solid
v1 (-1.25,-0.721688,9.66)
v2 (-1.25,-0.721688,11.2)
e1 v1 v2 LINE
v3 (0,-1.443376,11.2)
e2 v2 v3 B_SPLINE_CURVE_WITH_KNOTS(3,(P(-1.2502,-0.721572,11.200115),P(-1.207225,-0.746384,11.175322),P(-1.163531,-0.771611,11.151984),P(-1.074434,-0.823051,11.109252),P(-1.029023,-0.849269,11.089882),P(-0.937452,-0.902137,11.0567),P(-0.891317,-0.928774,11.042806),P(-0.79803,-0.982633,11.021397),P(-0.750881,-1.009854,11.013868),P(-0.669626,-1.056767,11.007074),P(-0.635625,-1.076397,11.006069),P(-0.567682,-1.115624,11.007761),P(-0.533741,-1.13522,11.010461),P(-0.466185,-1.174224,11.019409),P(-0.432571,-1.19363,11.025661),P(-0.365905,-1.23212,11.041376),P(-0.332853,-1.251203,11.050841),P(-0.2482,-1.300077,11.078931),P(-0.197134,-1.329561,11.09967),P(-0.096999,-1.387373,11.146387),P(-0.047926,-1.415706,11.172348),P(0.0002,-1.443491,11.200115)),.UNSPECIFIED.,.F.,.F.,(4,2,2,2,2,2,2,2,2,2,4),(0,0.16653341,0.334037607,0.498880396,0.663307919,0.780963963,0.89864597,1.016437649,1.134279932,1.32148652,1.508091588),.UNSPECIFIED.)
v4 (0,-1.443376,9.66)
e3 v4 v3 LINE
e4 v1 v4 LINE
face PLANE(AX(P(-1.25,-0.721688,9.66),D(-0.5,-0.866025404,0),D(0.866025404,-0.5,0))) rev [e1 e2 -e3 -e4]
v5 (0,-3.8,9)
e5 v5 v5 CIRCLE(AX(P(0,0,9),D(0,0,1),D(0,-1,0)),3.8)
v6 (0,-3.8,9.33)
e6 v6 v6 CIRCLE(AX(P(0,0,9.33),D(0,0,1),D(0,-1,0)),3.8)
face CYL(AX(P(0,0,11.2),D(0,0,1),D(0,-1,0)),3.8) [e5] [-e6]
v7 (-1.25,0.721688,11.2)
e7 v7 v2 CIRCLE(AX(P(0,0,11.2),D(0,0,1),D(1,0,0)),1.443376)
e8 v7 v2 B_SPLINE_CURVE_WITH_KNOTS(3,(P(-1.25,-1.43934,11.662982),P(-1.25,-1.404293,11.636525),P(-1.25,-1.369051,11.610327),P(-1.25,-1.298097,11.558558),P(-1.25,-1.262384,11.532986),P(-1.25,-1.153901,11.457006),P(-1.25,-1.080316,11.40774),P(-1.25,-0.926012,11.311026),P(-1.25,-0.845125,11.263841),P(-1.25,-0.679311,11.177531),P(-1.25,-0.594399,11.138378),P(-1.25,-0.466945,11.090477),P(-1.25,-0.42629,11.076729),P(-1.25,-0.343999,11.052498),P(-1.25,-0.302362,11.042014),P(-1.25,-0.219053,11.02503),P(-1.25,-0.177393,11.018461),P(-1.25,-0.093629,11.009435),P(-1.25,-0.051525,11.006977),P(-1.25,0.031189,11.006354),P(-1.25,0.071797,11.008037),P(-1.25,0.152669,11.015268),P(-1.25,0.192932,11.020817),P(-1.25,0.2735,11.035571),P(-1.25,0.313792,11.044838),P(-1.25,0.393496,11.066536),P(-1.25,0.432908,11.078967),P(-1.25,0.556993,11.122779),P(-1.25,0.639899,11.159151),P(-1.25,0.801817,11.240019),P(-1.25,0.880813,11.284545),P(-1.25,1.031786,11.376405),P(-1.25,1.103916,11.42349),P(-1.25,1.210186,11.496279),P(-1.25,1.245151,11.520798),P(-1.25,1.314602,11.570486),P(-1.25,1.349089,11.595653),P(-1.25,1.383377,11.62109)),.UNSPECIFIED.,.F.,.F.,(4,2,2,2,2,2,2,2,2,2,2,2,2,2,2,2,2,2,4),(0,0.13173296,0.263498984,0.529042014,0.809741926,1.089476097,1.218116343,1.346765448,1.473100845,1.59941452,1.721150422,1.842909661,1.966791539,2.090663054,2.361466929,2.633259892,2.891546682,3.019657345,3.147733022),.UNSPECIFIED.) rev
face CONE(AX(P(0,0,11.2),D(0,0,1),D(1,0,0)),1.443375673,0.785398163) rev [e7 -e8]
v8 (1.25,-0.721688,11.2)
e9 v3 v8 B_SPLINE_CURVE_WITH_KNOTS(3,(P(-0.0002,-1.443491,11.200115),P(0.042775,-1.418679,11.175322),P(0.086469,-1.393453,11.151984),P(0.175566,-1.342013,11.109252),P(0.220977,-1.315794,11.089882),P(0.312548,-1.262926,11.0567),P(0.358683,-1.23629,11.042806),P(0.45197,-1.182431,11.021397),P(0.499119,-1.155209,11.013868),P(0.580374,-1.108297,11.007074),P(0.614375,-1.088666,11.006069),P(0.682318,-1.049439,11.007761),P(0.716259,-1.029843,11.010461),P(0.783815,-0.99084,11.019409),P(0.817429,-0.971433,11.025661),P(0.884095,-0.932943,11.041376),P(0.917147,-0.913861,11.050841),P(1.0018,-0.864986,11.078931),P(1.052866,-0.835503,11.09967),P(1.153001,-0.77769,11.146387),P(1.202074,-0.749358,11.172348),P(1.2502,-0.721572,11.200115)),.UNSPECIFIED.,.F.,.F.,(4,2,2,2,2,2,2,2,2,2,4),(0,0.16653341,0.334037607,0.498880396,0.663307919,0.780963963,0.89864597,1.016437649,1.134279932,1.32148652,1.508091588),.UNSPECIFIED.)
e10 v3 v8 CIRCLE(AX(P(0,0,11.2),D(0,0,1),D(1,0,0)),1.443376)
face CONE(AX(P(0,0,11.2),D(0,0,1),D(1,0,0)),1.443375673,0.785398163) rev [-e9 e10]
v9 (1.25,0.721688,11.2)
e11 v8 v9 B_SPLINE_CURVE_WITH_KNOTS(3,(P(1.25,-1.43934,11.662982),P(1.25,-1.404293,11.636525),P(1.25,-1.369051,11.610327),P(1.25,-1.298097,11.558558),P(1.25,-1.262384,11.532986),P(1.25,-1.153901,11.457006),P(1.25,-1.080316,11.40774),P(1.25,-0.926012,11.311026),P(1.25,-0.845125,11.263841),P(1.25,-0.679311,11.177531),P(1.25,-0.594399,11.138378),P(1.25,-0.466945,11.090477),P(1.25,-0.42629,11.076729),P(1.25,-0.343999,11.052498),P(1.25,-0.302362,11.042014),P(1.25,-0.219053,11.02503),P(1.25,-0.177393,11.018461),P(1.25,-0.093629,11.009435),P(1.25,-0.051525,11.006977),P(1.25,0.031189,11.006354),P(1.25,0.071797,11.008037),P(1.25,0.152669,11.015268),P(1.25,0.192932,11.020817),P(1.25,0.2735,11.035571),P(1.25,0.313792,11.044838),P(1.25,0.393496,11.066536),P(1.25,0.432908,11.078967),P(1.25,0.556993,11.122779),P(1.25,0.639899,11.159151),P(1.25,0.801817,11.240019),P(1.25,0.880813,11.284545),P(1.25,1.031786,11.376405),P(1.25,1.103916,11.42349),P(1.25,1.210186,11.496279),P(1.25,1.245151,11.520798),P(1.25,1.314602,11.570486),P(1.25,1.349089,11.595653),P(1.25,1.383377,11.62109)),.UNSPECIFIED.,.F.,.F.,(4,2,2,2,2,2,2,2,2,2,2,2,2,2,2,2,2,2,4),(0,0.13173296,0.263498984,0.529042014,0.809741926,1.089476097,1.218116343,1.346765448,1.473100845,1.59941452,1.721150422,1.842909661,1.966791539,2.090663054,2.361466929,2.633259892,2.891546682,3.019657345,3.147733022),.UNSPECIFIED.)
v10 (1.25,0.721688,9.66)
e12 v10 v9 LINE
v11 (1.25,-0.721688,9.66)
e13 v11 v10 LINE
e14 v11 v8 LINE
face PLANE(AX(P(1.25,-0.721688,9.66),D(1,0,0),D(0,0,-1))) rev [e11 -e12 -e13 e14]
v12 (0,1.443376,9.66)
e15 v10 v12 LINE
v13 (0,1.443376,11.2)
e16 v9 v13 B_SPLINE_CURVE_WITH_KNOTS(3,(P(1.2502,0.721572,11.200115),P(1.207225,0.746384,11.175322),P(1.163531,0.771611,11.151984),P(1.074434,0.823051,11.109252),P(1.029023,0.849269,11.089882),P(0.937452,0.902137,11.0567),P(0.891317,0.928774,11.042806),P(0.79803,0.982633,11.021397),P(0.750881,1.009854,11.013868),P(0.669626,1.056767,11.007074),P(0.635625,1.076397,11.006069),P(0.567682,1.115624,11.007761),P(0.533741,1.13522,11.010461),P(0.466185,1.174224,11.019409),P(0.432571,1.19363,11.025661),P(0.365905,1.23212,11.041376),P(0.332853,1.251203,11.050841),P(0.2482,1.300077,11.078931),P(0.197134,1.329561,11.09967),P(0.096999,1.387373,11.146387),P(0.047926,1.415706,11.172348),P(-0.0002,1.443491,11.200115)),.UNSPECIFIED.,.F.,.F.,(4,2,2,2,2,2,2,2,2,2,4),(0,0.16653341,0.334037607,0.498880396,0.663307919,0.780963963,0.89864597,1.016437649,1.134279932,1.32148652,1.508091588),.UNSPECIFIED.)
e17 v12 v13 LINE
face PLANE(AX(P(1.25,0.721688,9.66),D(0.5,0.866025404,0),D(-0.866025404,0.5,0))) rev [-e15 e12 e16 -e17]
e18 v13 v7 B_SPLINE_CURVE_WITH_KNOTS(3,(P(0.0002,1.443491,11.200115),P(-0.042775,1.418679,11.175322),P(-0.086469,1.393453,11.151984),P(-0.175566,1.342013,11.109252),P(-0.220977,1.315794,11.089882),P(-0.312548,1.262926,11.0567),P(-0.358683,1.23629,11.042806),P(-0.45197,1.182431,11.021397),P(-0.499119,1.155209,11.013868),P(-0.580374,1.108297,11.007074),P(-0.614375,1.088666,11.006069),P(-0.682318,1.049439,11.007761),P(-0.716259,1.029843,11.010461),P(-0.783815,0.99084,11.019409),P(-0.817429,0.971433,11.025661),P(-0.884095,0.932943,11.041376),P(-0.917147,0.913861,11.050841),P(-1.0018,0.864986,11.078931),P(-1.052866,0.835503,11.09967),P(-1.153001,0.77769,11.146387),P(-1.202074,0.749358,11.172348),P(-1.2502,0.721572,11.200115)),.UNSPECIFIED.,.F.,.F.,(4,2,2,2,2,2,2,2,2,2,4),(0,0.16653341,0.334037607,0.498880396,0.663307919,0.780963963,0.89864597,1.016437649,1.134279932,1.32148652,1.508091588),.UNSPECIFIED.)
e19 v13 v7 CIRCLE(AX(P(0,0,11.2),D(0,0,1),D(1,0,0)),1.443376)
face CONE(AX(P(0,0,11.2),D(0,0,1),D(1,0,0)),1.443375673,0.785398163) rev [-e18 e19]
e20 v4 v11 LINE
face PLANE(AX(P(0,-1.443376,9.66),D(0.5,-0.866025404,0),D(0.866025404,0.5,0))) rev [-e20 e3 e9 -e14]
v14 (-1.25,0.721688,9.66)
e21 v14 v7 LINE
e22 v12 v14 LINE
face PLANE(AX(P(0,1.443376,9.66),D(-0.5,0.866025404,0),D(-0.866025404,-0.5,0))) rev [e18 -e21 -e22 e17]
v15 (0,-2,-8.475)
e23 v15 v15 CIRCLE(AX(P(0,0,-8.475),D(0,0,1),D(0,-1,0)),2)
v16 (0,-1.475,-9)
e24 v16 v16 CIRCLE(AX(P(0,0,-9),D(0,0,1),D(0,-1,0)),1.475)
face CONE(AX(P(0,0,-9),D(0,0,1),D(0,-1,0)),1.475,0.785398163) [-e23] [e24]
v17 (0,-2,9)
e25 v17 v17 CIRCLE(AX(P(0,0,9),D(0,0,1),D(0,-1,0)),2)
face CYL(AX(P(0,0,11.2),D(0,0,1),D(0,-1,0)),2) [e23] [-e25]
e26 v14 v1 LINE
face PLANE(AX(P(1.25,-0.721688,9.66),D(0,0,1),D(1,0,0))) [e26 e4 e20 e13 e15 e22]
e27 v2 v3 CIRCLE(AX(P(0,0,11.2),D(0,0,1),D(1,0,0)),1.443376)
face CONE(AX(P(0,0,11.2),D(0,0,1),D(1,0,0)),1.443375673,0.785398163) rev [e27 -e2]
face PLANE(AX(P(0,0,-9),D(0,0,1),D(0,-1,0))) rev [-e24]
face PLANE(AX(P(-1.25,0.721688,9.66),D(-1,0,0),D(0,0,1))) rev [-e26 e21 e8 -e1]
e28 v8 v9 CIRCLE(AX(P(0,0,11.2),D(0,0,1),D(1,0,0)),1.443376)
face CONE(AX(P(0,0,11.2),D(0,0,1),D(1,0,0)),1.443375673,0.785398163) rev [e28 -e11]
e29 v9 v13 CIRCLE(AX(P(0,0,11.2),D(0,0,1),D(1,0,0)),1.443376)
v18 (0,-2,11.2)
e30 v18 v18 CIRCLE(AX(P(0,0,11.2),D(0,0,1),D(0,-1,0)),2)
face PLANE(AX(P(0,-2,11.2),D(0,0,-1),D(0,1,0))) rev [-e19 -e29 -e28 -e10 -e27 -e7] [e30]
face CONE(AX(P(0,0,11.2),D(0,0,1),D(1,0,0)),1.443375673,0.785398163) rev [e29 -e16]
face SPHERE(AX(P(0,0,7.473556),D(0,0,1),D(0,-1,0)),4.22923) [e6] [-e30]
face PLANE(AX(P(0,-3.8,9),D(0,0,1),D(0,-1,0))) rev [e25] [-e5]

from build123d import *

# Parameters (mm, degrees)
CUT_EXTRUDE2_DEPTH = 1.54


with BuildPart() as part:
    # Sketch10 → Revolve3 (revolve)
    with BuildSketch(Plane(origin=(0, 0, 0), x_dir=(0, 0, -1), z_dir=(1, 0, 0))):
        Polygon((8.475, 2), (9, 1.475), (9, 0), (-9, 0), (-9, 2), align=None)
    revolve(axis=Axis((0, 0, 11.2), (0, 0, -1)))

    # Sketch7 → Revolve2 (revolve)
    with BuildSketch(Plane(origin=(0, 0, 0), x_dir=(0, 0, -1), z_dir=(1, 0, 0))):
        with BuildLine():
            Line((-9.33, 3.8), (-9, 3.8))
            Line((-9, 3.8), (-9, 0))
            Line((-9, 0), (-11.2, 0))
            Line((-11.2, 0), (-11.2, 2))
            ThreePointArc((-11.2, 2), (-10.406499853, 3.047002626), (-9.33, 3.8))
        make_face()
    revolve(axis=Axis((0, 0, 11.2), (0, 0, -1)))

    # Sketch5 → Cut-Extrude2 (cut)
    with BuildSketch(Plane.XY.offset(11.2)):
        Polygon((1.25, -0.721687836), (1.25, 0.721687836), (0, 1.443375673), (-1.25, 0.721687836), (-1.25, -0.721687836), (0, -1.443375673), align=None)
    extrude(amount=-CUT_EXTRUDE2_DEPTH, mode=Mode.SUBTRACT)

    # Cut-Extrude3 cone 1 section (through the dimple's axis) → Cut-Extrude3 (revolve, cut)
    with BuildSketch(Plane(origin=(0, 0, 11.2), x_dir=(0, -1, 0), z_dir=(1, 0, 0))):
        Polygon((0, 0), (1.443375673, 0), (0, 1.443375673), align=None)
    revolve(axis=Axis((0, 0, 11.2), (0, 0, -1)), mode=Mode.SUBTRACT)


solid = part.part
